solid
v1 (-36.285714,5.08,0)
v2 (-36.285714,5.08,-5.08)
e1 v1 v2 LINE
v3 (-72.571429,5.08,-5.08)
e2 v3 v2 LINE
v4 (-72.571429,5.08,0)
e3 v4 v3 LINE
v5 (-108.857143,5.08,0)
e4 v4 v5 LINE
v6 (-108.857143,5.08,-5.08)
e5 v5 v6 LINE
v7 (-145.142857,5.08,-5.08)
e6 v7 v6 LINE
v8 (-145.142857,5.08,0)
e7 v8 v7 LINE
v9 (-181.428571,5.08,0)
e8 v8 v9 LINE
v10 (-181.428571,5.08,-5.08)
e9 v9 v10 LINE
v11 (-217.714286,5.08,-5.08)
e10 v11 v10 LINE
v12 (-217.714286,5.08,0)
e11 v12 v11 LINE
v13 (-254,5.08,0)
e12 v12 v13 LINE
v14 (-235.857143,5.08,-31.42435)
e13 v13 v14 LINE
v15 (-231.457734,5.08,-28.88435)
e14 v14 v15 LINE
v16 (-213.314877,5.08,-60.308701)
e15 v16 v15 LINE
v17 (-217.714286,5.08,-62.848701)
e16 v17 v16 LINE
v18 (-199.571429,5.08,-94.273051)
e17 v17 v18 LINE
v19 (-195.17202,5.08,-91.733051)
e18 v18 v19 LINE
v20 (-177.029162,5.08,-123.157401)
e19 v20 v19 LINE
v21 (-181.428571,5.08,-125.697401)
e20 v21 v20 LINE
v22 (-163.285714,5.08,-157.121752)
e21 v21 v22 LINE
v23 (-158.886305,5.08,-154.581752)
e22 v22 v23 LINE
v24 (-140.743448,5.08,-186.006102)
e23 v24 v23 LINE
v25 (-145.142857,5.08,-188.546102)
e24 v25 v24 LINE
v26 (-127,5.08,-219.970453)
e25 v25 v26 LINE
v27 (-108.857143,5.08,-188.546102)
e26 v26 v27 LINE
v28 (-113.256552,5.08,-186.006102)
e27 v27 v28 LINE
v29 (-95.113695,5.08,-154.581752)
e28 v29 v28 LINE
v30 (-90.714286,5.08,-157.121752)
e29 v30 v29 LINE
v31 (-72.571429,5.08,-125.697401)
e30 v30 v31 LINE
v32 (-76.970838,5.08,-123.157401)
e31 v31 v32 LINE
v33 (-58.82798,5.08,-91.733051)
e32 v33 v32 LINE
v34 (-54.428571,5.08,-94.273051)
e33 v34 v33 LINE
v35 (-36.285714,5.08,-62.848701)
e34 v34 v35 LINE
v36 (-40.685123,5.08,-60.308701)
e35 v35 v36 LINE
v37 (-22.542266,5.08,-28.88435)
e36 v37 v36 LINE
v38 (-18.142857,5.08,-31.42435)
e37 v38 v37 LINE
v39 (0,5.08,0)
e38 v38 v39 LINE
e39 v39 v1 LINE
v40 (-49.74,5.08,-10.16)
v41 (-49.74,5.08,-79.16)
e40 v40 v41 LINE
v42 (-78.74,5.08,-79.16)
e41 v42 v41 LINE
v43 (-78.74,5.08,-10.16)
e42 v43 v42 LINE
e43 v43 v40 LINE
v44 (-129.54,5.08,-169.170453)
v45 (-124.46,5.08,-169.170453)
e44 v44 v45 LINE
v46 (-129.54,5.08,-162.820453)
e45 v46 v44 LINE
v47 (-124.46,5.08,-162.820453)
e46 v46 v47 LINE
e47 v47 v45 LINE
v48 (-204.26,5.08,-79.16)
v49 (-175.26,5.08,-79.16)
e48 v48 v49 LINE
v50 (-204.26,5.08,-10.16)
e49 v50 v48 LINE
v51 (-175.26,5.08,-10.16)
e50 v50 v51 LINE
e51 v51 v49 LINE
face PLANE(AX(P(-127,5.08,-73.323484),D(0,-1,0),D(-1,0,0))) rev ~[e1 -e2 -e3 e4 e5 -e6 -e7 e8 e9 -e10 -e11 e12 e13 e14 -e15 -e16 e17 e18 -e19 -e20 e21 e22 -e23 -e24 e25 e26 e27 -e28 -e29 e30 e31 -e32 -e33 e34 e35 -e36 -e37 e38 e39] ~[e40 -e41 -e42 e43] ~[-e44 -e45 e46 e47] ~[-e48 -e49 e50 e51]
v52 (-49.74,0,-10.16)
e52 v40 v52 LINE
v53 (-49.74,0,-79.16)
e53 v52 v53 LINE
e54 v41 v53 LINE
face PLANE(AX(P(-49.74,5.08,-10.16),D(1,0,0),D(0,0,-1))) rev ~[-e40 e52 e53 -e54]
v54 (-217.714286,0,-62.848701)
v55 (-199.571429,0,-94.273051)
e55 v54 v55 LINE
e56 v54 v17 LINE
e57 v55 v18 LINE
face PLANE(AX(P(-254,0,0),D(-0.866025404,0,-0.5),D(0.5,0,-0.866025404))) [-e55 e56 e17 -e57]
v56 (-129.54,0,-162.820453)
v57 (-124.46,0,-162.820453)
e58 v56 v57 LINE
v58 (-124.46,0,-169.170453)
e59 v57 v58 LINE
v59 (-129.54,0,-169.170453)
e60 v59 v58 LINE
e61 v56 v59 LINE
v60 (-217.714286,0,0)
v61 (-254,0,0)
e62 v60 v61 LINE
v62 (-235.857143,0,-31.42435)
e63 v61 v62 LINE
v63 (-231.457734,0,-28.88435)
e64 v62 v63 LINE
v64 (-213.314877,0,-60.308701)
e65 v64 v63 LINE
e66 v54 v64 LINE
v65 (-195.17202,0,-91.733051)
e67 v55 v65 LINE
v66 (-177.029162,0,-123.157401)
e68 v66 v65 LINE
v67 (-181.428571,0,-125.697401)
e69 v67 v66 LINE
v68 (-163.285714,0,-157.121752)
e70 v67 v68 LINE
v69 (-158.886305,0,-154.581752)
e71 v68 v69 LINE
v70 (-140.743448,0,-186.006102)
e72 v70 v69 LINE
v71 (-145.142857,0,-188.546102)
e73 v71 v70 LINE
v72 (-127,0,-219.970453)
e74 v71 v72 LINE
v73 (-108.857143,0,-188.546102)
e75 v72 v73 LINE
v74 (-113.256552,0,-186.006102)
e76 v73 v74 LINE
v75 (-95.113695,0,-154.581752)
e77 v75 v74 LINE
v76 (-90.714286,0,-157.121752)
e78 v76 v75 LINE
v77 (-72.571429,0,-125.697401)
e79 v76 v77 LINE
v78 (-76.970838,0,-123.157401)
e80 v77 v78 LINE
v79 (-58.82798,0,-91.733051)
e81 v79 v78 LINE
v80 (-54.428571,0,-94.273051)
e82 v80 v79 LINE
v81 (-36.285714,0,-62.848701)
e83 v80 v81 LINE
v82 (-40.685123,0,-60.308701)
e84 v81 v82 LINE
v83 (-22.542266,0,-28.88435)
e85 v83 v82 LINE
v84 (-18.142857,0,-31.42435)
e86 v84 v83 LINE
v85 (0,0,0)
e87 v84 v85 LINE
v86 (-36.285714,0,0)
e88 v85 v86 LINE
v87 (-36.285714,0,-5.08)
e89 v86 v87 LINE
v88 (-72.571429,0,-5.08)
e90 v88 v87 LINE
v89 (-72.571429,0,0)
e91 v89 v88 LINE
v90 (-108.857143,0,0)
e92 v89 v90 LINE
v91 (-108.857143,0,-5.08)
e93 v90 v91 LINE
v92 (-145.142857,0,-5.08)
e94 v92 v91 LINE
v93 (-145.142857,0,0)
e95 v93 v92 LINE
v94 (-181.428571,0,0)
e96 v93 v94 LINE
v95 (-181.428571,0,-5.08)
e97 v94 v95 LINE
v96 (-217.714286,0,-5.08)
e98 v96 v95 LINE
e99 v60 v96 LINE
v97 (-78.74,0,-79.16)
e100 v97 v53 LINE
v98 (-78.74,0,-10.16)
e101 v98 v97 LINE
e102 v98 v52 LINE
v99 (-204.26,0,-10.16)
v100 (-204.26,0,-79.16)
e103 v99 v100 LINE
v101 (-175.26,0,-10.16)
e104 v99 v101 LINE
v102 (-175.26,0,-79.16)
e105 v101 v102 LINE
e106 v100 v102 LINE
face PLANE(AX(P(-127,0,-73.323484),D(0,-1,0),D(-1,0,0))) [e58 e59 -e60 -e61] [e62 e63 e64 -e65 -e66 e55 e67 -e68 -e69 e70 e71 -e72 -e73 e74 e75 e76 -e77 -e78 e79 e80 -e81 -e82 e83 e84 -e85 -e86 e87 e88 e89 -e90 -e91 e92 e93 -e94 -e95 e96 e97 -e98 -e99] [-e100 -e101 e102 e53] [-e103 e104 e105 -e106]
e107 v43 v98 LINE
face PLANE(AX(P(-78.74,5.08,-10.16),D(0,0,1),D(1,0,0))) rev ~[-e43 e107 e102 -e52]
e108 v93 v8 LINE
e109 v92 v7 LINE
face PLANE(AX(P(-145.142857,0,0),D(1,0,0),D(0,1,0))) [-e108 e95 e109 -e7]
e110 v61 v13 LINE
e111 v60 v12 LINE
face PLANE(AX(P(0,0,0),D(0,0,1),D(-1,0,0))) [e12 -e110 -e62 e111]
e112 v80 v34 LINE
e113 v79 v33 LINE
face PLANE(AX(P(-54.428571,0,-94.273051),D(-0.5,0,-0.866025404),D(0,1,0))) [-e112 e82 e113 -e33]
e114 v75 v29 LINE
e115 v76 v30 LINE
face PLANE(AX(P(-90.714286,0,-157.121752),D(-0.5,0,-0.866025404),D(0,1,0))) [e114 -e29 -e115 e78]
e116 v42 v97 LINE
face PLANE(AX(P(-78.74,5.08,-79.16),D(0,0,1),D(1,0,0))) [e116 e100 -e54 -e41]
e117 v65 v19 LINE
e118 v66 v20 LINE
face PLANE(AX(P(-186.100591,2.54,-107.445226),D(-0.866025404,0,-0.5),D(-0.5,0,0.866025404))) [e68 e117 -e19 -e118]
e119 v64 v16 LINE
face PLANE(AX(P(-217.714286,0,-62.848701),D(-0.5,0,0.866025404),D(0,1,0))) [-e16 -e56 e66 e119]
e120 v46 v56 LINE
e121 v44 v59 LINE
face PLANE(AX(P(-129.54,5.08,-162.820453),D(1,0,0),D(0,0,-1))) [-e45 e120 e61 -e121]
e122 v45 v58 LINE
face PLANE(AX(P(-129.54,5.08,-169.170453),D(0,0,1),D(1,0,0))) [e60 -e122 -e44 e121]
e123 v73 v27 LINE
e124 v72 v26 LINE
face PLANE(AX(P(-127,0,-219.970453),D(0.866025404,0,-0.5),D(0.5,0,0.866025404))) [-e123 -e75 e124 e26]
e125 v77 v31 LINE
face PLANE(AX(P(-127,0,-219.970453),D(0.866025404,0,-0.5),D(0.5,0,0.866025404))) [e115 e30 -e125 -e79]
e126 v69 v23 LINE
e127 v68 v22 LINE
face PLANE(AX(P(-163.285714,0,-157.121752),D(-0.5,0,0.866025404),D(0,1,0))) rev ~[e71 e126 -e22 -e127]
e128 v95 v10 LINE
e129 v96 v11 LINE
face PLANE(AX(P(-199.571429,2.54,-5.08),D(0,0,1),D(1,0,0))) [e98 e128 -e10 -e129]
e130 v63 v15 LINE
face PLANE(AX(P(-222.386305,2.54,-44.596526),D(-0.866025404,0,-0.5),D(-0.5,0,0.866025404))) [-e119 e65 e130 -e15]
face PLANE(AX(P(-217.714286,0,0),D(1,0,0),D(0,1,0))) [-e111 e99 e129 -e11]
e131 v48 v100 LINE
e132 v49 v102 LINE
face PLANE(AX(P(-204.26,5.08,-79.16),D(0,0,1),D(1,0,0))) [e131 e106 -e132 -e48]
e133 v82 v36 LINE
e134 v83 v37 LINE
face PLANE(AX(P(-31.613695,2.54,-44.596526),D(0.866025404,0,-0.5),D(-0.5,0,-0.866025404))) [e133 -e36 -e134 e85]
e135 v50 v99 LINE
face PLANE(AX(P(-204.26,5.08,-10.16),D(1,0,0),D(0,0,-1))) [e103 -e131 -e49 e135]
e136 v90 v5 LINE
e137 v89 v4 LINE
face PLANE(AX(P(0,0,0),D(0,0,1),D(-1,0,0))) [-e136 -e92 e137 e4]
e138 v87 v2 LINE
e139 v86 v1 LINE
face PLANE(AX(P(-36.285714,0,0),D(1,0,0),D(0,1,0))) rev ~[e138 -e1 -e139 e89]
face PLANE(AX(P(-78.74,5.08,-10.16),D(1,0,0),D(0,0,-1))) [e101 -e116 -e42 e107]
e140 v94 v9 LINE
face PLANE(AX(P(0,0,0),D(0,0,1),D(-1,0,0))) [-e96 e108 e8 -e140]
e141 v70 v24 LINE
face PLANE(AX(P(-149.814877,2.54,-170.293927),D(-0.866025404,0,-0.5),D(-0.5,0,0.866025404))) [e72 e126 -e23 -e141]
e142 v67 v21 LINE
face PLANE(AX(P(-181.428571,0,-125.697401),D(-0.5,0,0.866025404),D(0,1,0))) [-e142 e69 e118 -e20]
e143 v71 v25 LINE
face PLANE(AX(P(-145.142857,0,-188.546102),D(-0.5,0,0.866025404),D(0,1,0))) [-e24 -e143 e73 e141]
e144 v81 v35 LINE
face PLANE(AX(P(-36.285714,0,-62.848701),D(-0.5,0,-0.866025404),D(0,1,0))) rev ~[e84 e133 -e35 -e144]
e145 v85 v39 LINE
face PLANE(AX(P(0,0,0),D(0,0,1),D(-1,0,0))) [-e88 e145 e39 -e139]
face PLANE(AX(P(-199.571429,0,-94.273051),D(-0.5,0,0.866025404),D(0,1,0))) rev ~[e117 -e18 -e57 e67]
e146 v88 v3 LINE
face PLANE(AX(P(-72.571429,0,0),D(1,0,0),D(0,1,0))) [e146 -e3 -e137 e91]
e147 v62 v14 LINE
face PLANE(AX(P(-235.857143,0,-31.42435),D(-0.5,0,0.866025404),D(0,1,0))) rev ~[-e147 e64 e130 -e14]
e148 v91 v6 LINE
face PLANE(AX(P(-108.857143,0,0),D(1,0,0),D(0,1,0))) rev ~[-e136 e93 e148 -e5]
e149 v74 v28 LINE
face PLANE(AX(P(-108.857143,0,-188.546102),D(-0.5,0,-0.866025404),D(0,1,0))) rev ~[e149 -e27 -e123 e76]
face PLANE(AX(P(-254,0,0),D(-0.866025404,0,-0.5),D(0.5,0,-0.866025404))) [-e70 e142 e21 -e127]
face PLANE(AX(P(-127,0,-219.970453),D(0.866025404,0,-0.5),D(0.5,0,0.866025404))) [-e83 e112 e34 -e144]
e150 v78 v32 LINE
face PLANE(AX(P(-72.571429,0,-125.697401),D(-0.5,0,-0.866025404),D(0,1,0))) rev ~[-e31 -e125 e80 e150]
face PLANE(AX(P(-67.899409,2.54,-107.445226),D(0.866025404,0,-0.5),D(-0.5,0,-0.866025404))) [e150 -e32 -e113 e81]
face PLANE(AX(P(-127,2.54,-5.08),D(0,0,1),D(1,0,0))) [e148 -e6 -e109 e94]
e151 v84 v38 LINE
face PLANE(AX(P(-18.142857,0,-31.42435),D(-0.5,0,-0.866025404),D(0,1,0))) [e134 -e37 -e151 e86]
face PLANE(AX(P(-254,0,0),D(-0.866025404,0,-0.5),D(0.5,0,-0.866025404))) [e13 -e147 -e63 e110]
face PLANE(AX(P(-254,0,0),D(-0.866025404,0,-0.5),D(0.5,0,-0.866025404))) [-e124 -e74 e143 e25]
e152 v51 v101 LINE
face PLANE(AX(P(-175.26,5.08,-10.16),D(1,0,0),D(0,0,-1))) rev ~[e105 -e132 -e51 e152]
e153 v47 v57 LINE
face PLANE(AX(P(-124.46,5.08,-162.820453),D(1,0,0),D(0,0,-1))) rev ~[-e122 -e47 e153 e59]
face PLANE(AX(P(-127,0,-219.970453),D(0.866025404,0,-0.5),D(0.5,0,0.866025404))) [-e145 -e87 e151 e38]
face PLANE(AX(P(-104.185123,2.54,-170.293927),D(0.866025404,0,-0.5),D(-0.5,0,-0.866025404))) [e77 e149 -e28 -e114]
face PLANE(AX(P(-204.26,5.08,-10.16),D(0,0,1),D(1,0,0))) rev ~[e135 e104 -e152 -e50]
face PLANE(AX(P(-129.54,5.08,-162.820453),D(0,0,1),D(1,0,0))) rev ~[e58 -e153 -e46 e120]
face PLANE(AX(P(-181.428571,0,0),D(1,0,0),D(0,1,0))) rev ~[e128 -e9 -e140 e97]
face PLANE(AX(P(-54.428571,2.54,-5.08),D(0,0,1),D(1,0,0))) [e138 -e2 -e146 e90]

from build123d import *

# Parameters (mm, degrees)
BOSS_EXTRUDE1_DEPTH = 5.08
SKETCH4_W           = 29
SKETCH4_H           = 69
CUT_EXTRUDE1_DEPTH  = 5.08
SKETCH8_W           = 36.285714285
SKETCH8_H           = 5.08
SKETCH8_W_2         = 36.285714286
CUT_EXTRUDE2_DEPTH  = 5.08
SKETCH9_W           = 36.285714285
SKETCH9_H           = 5.08
SKETCH9_W_2         = 36.285714286
CUT_EXTRUDE3_DEPTH  = 5.08
SKETCH10_W          = 36.285714285
SKETCH10_H          = 5.08
SKETCH10_W_2        = 36.285714286
CUT_EXTRUDE4_DEPTH  = 5.08
SKETCH12_W          = 5.08
SKETCH12_H          = 6.35
CUT_EXTRUDE6_DEPTH  = 5.08


with BuildPart() as part:
    # Sketch1 → Boss-Extrude1 (new body)
    with BuildSketch(Plane(origin=(0, 0, 0), x_dir=(1, 0, 0), z_dir=(0, 1, 0))):
        Polygon((0, 0), (-254, 0), (-127, 219.970452561), align=None)
    extrude(amount=BOSS_EXTRUDE1_DEPTH)

    # Sketch4 → Cut-Extrude1 (cut)
    with BuildSketch(Plane(origin=(0, 5.08, 0), x_dir=(1, 0, 0), z_dir=(0, 1, 0))):
        with Locations((-189.76, 44.66)):
            Rectangle(SKETCH4_W, SKETCH4_H)
        with Locations((-64.24, 44.66)):
            Rectangle(SKETCH4_W, SKETCH4_H)
    extrude(amount=-CUT_EXTRUDE1_DEPTH, mode=Mode.SUBTRACT)

    # Sketch8 → Cut-Extrude2 (cut)
    with BuildSketch(Plane(origin=(-190.5, 0, -109.985226281), x_dir=(-0.5, 0, 0.866025404), z_dir=(-0.866025404, 0, -0.5))):
        with Locations((-72.571428572, 2.54)):
            Rectangle(SKETCH8_W, SKETCH8_H)
        with Locations((0, 2.54)):
            Rectangle(SKETCH8_W_2, SKETCH8_H)
        with Locations((72.571428572, 2.54)):
            Rectangle(SKETCH8_W, SKETCH8_H)
    extrude(amount=-CUT_EXTRUDE2_DEPTH, mode=Mode.SUBTRACT)

    # Sketch9 → Cut-Extrude3 (cut)
    with BuildSketch(Plane.XY):
        with Locations((-54.428571428, 2.54)):
            Rectangle(SKETCH9_W, SKETCH9_H)
        with Locations((-127, 2.54)):
            Rectangle(SKETCH9_W_2, SKETCH9_H)
        with Locations((-199.571428572, 2.54)):
            Rectangle(SKETCH9_W, SKETCH9_H)
    extrude(amount=-CUT_EXTRUDE3_DEPTH, mode=Mode.SUBTRACT)

    # Sketch10 → Cut-Extrude4 (cut)
    with BuildSketch(Plane(origin=(0, 0, 0), x_dir=(-0.5, 0, -0.866025404), z_dir=(0.866025404, 0, -0.5))):
        with Locations((54.428571428, 2.54)):
            Rectangle(SKETCH10_W, SKETCH10_H)
        with Locations((127, 2.54)):
            Rectangle(SKETCH10_W_2, SKETCH10_H)
        with Locations((199.571428572, 2.54)):
            Rectangle(SKETCH10_W, SKETCH10_H)
    extrude(amount=-CUT_EXTRUDE4_DEPTH, mode=Mode.SUBTRACT)

    # Sketch12 → Cut-Extrude6 (cut)
    with BuildSketch(Plane(origin=(0, 5.08, 0), x_dir=(1, 0, 0), z_dir=(0, 1, 0))):
        with Locations((-127, 165.995452561)):
            Rectangle(SKETCH12_W, SKETCH12_H)
    extrude(amount=-CUT_EXTRUDE6_DEPTH, mode=Mode.SUBTRACT)


solid = part.part
